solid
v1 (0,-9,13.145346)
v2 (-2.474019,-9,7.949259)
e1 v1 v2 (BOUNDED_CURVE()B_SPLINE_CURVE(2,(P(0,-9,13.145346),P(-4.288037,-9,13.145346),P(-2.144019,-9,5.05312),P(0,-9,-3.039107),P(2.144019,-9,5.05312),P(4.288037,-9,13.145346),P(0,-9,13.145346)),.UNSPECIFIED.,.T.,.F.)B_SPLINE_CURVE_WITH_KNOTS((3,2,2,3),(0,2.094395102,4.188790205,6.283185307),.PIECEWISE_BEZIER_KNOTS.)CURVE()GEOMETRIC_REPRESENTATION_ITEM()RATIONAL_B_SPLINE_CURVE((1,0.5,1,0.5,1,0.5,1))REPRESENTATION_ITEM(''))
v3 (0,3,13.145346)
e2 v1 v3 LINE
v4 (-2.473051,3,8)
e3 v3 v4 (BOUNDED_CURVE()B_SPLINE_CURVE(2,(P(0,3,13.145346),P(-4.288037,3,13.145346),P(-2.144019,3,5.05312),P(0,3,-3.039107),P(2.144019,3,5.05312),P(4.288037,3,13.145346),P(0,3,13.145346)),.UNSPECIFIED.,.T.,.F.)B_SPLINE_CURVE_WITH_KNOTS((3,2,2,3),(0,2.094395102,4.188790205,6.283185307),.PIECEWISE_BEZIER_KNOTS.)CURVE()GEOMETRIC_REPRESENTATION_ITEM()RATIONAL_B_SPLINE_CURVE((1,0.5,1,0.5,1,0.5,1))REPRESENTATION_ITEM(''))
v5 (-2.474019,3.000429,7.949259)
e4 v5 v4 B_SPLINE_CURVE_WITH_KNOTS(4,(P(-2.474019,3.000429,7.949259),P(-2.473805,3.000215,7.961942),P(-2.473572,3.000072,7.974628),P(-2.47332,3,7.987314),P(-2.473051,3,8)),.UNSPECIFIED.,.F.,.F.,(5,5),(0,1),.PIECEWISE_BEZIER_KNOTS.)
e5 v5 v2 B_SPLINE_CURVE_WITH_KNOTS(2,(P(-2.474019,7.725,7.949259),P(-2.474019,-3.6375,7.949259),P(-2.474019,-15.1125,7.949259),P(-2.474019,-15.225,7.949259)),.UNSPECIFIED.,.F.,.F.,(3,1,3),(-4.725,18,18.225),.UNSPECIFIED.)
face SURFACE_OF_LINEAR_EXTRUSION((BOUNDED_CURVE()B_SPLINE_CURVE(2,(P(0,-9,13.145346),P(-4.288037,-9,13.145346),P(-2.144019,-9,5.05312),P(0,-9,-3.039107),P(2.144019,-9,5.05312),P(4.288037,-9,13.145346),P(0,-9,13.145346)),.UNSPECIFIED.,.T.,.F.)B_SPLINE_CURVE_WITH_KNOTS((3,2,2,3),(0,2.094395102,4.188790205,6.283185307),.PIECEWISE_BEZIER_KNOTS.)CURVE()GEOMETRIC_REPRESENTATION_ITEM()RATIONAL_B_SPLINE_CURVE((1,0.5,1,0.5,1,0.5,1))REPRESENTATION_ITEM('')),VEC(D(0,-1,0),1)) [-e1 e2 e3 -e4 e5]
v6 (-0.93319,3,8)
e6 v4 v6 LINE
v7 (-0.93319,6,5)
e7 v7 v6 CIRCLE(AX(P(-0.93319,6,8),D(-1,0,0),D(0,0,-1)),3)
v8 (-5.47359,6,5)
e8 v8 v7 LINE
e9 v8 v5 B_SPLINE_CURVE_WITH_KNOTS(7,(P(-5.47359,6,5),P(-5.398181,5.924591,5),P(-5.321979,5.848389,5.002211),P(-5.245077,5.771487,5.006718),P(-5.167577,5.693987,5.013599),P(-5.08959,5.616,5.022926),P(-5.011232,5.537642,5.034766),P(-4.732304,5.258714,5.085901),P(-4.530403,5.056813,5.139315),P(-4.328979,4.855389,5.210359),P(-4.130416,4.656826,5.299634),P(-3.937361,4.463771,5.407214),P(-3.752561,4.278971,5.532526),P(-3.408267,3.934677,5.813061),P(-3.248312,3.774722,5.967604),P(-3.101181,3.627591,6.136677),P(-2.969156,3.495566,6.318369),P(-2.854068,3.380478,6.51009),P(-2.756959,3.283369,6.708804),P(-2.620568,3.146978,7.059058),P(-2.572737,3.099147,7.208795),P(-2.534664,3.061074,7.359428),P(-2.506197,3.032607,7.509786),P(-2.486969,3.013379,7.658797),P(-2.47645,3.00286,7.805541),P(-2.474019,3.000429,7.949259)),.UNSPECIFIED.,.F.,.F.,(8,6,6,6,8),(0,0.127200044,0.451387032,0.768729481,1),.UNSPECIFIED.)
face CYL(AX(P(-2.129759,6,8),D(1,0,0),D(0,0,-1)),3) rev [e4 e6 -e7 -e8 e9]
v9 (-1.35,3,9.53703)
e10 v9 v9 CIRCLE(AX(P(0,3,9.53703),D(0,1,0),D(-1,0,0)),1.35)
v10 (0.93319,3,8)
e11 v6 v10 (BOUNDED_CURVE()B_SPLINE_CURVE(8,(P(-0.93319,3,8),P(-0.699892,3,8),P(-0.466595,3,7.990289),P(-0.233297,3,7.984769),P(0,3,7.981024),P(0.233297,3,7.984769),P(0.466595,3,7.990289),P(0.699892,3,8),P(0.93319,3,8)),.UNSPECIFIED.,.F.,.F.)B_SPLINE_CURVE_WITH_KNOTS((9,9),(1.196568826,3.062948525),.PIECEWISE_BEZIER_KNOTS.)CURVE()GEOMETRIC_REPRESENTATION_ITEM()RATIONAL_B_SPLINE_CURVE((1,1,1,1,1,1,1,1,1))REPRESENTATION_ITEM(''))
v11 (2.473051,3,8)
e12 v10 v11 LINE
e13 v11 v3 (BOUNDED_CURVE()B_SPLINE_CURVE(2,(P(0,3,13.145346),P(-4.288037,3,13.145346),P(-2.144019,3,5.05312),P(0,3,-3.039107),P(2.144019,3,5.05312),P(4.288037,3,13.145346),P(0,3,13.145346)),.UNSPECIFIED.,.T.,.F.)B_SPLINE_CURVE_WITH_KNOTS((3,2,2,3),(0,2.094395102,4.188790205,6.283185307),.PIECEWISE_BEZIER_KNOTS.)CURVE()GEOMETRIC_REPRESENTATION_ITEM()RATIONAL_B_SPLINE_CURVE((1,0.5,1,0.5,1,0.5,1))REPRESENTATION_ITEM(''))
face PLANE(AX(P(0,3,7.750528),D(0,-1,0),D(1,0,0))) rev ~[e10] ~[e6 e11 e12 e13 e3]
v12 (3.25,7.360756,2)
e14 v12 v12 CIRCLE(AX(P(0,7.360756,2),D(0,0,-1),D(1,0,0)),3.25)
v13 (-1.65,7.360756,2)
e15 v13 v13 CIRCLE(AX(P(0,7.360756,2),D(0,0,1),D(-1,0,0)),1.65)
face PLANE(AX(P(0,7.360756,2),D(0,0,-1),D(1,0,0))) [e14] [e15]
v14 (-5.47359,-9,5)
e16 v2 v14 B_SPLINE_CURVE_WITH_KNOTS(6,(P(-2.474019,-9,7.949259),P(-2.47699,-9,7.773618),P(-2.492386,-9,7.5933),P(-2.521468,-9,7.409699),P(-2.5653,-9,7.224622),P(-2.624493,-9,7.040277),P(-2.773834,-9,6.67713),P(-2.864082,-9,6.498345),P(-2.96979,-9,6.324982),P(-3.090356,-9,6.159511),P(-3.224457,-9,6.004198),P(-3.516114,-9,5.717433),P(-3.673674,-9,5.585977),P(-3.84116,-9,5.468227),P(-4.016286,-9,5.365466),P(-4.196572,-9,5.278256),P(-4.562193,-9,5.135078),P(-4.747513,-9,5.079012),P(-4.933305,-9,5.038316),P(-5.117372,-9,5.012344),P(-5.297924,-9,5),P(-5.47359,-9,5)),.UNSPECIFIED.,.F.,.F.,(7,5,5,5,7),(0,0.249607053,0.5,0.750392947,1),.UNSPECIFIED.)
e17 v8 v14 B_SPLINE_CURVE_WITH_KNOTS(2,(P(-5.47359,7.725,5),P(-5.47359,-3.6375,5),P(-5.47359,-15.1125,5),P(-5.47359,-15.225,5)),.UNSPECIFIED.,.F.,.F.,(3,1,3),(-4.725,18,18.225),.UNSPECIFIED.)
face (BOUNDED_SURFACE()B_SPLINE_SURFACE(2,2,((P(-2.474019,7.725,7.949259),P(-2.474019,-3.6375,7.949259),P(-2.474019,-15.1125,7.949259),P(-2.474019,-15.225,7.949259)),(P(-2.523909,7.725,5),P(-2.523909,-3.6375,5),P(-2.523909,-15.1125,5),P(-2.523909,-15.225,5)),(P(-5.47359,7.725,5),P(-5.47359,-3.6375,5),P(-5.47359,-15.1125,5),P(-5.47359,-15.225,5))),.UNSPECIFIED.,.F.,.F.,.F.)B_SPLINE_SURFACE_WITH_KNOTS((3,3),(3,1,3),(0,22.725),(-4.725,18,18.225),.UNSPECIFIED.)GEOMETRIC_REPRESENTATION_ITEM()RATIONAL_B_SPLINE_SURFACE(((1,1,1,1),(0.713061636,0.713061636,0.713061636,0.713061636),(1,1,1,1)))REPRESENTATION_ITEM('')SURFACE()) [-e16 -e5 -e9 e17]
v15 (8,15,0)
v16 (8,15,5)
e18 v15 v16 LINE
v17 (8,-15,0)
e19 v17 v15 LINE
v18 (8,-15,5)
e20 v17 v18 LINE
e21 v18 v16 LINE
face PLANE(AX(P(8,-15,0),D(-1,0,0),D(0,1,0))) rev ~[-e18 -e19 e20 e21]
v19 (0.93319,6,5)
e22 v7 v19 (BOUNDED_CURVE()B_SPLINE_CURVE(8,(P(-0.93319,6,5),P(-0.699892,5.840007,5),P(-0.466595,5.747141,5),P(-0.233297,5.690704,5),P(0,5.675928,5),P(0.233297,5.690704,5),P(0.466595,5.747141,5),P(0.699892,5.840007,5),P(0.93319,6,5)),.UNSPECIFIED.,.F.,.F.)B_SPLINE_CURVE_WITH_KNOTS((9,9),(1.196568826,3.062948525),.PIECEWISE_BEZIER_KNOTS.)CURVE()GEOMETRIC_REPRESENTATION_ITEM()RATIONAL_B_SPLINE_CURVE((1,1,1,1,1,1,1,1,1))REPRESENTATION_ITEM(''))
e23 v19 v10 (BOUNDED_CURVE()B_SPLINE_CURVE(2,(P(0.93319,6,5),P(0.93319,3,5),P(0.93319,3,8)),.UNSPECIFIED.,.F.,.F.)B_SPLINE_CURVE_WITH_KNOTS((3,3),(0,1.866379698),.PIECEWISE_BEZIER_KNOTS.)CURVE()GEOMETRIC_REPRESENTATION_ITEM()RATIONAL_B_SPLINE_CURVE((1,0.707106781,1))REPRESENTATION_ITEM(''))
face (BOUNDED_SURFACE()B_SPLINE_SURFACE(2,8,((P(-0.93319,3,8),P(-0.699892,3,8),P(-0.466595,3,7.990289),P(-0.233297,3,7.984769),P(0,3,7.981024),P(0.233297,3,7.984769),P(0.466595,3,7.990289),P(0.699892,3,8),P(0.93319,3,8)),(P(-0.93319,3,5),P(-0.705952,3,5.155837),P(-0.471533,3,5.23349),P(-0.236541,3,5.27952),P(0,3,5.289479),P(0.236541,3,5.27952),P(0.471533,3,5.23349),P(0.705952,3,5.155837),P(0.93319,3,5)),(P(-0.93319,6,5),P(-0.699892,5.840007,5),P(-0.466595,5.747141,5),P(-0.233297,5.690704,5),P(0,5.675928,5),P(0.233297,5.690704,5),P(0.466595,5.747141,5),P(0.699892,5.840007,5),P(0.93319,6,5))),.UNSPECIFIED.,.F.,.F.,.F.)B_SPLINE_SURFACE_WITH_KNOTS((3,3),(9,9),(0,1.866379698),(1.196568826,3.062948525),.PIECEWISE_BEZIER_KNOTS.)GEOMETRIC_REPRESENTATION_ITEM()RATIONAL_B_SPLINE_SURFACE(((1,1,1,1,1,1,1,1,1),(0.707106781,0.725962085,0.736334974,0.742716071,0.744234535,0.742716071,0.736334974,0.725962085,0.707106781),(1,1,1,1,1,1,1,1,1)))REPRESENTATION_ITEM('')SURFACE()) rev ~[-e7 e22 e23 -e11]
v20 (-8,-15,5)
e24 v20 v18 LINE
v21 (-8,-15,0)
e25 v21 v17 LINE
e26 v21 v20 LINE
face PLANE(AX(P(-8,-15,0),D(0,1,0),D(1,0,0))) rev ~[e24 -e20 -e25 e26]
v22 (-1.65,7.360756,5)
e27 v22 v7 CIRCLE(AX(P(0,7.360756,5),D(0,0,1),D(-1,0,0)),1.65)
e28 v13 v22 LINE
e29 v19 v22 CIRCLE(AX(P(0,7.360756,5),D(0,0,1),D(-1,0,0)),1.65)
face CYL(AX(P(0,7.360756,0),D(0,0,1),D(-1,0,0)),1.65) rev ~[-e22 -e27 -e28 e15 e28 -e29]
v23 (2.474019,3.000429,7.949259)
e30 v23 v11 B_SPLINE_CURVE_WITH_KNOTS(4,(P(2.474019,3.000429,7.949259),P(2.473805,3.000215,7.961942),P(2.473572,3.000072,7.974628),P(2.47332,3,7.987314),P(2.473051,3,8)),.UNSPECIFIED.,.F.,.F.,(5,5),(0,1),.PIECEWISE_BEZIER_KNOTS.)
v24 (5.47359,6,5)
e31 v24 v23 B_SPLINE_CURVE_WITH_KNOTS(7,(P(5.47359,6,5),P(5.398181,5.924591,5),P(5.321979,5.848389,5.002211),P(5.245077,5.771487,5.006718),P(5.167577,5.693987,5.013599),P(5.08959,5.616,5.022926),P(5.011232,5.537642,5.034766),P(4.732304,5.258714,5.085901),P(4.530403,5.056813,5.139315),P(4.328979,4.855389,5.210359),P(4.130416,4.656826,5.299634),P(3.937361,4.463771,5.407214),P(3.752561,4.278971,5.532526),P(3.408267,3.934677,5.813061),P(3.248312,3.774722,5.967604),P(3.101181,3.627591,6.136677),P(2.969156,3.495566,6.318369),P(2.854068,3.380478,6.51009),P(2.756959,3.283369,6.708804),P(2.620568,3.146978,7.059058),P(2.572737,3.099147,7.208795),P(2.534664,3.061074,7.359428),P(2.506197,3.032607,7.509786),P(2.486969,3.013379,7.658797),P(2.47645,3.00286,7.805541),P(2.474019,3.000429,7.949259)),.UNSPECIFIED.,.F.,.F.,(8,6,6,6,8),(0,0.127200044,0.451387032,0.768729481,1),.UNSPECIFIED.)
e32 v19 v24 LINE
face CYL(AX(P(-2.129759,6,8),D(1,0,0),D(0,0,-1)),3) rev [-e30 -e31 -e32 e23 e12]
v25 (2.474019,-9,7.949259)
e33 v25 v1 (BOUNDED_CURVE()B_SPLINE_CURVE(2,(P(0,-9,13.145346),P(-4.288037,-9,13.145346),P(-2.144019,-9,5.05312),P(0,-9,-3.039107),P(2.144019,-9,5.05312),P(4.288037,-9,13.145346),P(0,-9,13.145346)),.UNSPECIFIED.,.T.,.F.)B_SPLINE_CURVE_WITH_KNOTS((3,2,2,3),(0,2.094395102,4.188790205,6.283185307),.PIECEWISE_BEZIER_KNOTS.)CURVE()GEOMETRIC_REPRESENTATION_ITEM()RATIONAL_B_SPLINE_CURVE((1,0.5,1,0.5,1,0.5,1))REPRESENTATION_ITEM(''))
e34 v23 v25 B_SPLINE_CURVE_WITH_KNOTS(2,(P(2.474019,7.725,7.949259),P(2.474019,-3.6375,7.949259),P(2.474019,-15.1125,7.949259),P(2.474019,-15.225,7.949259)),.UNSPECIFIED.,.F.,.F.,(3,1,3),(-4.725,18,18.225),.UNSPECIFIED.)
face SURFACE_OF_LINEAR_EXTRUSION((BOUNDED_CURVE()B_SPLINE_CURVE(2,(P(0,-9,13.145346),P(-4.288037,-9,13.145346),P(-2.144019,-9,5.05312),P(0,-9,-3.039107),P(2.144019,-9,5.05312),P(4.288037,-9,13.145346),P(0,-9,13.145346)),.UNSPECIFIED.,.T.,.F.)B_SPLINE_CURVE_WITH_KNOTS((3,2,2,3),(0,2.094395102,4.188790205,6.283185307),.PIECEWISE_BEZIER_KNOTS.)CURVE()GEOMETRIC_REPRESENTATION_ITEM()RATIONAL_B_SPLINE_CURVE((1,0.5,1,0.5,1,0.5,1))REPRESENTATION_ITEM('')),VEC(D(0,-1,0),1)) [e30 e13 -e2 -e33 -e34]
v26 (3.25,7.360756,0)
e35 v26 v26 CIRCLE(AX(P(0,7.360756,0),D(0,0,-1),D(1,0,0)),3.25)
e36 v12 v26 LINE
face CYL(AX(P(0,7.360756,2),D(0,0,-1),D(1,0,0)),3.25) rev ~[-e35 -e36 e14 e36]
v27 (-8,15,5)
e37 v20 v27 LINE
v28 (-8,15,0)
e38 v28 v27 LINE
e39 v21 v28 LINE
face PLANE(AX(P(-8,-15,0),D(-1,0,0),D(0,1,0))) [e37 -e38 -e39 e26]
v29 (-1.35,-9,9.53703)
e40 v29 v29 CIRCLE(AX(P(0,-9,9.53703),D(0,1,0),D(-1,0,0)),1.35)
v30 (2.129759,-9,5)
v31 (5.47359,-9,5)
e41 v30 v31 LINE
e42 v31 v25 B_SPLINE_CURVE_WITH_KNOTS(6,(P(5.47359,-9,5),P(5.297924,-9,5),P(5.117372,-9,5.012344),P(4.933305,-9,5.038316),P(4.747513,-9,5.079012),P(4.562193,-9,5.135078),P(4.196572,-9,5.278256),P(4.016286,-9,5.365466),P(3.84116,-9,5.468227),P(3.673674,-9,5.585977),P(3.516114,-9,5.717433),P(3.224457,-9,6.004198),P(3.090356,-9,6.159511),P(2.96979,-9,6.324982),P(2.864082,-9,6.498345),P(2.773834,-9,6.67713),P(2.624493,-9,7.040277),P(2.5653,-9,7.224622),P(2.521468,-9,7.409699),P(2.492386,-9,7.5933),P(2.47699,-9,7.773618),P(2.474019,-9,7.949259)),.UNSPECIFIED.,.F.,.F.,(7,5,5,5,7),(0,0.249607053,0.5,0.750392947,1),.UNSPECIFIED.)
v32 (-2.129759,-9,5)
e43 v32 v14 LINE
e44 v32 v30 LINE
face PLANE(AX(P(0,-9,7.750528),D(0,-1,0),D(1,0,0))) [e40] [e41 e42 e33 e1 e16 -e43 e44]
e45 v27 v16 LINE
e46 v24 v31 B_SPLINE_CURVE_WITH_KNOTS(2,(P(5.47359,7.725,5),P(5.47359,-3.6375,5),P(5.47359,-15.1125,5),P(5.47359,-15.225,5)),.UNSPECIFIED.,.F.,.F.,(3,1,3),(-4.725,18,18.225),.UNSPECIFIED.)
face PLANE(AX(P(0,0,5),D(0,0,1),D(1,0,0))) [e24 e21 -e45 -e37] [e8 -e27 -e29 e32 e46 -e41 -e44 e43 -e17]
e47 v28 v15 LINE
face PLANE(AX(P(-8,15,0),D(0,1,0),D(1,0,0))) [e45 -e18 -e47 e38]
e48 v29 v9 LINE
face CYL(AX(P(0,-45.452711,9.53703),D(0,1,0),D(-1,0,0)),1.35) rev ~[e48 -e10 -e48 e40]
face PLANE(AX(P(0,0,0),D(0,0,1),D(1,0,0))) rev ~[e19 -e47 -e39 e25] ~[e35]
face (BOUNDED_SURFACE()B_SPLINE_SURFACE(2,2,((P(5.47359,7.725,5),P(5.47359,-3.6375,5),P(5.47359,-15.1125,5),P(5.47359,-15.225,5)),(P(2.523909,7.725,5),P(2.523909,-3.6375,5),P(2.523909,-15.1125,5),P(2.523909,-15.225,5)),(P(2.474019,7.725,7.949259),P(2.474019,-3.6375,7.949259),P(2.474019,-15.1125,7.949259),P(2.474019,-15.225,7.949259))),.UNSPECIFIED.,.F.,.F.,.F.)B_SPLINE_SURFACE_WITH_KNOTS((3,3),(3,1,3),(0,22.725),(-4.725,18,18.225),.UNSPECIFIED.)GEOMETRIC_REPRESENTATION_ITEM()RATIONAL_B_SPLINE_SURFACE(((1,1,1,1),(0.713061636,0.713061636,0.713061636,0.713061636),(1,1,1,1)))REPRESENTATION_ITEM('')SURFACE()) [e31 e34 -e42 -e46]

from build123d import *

# Parameters (mm, degrees)
F0_W           = 16
F0_H           = 30
F1_DEPTH       = 5
F4_DEPTH       = 12
F6_D           = 2.7
F7_D           = 3.3
F7_CBORE_D     = 6.5
F7_CBORE_DEPTH = 2
F8_R           = 3


with BuildPart() as f1:
    # F0 (on Top) → F1 (new body)
    with BuildSketch(Plane.XY):
        Rectangle(F0_W, F0_H)
    extrude(amount=F1_DEPTH)

    # F3 (on offset) → F4 (join)
    with BuildSketch(Plane.XZ.offset(9)):
        with BuildLine():
            add(Edge.make_bspline(
                [(0, 13.1453461945), (-4.2880371505, 13.1453461945), (-2.1440185752, 5.0531195011), (0, -3.0391071923), (2.1440185752, 5.0531195011), (4.2880371505, 13.1453461945), (0, 13.1453461945)],
                knots=[0, 0, 0, 2.0943951024, 2.0943951024, 4.1887902048, 4.1887902048, 6.2831853072, 6.2831853072, 6.2831853072], degree=2, weights=[1, 0.5, 1, 0.5, 1, 0.5, 1]))
        make_face()
    extrude(amount=-F4_DEPTH)

    # F6 (through all)
    with Locations(Plane.XZ.offset(9)):
        with Locations((0, 9.5370300114)):
            Hole(F6_D / 2)

    # F7 (through all)
    with Locations(Plane(origin=(0, 0, 0), x_dir=(1, 0, 0), z_dir=(0, 0, -1))):
        with Locations((0, -7.3607559316)):
            CounterBoreHole(F7_D / 2, F7_CBORE_D / 2, F7_CBORE_DEPTH)

    # F8
    f8_edges = [f1.edges().sort_by_distance(p)[0] for p in [
        (-2.129759, -3, 5),
        (2.129759, -3, 5),
        (0, 3, 5),
    ]]
    fillet(f8_edges, radius=F8_R)


solid = f1.part
